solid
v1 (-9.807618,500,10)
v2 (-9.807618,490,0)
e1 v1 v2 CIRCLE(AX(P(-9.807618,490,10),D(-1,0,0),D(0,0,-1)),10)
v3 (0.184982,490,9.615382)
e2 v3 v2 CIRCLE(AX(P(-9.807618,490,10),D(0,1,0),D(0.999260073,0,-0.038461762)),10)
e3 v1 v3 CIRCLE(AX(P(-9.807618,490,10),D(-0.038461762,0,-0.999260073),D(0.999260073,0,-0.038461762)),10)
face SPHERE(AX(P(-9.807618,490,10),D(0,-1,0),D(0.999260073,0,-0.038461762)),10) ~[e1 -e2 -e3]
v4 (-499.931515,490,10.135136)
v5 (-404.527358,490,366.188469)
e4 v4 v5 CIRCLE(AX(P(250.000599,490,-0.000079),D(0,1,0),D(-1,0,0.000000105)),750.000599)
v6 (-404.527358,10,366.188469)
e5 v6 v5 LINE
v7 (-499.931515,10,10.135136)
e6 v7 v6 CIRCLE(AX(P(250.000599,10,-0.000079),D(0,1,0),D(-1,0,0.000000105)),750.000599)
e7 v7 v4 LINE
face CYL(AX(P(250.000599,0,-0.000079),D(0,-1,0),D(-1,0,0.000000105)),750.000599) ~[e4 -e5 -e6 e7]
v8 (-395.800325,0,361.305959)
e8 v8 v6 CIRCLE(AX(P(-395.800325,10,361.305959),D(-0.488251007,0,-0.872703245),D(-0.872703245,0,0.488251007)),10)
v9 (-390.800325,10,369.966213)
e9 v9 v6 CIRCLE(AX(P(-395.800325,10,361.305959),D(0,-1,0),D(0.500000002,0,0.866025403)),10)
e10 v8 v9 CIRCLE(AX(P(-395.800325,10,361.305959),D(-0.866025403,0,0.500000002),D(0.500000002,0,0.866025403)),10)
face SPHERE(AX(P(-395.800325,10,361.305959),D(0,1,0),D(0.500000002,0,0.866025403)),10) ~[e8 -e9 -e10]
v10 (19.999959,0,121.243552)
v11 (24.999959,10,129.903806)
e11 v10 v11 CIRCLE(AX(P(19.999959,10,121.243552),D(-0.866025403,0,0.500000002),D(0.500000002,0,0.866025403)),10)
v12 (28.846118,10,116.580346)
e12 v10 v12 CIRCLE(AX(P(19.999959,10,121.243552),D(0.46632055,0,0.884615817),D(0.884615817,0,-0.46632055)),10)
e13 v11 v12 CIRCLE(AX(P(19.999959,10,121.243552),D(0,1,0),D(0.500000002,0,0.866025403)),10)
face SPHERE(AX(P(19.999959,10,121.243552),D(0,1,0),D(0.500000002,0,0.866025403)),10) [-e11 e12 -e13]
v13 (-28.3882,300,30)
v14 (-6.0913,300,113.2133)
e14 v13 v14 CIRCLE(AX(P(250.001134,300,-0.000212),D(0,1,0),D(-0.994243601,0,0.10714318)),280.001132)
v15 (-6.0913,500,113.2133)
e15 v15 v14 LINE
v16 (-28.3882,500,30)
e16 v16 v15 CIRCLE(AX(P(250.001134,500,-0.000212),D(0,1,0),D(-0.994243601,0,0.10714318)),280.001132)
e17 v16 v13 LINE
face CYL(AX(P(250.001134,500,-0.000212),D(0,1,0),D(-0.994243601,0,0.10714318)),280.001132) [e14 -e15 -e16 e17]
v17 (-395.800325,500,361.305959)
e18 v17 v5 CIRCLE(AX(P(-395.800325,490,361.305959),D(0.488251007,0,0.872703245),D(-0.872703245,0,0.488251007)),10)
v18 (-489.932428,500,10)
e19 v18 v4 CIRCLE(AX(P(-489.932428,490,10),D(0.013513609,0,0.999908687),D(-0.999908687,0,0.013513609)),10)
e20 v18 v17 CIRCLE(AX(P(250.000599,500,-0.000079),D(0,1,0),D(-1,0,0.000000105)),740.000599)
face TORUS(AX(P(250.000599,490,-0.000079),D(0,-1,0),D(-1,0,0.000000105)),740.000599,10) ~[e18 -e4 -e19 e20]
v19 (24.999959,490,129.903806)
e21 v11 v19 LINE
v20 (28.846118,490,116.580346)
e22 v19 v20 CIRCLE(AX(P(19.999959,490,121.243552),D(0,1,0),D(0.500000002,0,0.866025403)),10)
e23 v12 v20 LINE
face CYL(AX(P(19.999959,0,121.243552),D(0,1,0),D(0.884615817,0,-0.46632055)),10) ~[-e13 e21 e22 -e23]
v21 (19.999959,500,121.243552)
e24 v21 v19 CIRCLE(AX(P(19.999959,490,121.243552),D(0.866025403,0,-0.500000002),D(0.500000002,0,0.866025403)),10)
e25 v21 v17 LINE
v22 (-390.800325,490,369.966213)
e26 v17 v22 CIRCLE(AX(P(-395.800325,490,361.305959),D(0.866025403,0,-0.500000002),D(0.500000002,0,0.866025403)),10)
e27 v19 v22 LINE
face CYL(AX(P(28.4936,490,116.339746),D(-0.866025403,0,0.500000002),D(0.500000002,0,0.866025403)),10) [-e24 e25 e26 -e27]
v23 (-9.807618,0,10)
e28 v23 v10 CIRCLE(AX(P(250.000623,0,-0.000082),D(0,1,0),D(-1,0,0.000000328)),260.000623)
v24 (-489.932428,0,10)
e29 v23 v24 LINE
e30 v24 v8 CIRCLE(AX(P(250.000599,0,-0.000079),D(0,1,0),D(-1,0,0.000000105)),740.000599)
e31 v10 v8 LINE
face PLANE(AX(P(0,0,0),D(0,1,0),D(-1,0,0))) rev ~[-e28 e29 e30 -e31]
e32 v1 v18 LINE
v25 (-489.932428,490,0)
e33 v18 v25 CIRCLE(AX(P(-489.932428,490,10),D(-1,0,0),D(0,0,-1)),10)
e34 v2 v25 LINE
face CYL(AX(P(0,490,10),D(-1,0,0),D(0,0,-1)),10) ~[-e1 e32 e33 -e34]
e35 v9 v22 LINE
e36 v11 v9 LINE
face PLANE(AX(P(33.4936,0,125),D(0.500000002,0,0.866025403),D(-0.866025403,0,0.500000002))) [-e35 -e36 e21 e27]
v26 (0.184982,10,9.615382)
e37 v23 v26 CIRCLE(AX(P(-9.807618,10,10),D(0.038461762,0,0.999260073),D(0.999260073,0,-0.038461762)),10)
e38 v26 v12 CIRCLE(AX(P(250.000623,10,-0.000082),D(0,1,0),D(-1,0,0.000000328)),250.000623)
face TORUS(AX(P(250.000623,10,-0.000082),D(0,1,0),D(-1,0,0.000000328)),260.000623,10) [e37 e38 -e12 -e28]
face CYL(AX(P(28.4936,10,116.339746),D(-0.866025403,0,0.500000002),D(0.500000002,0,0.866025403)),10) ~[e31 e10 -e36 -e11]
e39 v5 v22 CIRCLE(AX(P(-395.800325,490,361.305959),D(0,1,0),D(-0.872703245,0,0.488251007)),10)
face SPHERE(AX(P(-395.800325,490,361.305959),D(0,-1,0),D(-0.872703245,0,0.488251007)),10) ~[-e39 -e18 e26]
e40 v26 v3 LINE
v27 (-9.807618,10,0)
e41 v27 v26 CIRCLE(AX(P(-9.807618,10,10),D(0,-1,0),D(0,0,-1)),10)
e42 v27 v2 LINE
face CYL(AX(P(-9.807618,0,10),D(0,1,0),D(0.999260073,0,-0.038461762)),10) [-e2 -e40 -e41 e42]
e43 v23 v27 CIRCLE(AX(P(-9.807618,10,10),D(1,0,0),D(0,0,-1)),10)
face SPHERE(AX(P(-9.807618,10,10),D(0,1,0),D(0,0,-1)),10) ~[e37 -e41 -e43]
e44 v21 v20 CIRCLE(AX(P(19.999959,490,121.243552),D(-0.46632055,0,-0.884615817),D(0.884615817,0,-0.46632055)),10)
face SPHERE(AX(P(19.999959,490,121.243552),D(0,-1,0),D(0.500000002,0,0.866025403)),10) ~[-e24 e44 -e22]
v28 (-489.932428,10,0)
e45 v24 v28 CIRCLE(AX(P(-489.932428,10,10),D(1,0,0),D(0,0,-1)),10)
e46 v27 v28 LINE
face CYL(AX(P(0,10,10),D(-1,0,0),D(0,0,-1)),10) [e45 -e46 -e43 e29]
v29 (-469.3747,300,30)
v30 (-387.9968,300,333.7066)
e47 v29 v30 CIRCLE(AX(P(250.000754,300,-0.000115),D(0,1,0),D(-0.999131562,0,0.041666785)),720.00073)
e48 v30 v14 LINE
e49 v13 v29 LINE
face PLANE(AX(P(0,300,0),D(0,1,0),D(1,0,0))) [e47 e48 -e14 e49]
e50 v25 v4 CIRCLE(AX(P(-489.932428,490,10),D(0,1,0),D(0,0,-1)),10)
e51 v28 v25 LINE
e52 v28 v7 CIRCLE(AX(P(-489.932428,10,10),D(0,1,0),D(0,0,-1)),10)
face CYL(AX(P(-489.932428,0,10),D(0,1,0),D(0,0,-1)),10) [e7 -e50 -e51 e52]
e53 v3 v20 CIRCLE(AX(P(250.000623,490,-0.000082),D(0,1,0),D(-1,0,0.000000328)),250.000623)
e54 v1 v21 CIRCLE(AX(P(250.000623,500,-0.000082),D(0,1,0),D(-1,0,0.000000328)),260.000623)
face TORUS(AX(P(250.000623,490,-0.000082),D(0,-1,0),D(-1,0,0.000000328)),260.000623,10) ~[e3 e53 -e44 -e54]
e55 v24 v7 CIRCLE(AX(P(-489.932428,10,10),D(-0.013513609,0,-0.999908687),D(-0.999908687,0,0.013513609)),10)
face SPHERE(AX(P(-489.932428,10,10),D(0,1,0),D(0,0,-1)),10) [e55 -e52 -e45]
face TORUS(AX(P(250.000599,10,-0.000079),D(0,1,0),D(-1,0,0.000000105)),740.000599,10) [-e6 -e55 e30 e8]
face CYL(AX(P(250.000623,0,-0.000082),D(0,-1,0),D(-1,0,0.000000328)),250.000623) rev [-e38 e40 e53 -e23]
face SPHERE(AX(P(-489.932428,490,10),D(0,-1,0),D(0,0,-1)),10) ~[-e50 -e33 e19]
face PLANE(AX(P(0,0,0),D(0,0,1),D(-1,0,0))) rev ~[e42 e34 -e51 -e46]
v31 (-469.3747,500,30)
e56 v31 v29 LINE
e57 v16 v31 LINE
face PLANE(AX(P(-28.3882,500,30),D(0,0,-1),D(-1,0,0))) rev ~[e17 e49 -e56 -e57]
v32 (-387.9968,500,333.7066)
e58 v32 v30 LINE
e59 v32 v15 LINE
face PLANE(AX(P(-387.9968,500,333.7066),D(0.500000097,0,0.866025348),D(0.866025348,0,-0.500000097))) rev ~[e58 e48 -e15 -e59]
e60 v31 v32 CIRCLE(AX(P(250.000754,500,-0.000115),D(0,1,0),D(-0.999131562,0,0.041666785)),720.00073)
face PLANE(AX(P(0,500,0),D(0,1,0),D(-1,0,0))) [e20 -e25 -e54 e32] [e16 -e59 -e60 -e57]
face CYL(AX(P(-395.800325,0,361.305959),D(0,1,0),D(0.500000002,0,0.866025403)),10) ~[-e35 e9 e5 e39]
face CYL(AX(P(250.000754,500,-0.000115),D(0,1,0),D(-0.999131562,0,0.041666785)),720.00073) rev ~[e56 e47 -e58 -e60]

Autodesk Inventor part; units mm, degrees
ref_plane "YZ Plane" through (0, 0, 0) normal (1, 0, 0) x (0, 1, 0)
ref_plane "XZ Plane" through (0, 0, 0) normal (0, 1, 0) x (-1, 0, 0)
ref_plane "XY Plane" through (0, 0, 0) normal (0, 0, 1) x (1, 0, 0)
sketch "Sketch1" plane through (0, 0, 0) normal (0, 1, 0) x (-1, 0, 0)
  line L0 (0, 0) -> (500, 0)
  arc A0 (500, 0) -> (399.5191, 375) centre (-250, 0) ccw
  arc A1 (0, 0) -> (-33.4936, 125) centre (-250, 0) ccw
  line L1 (-33.4936, 125) -> (399.5191, 375)
  line L2 (-404.937, 0) -> (679.6218, 0) projected
  dimension "d1" = 500
  dimension "d2" = 30
  dimension "d10" = 250
extrude "Extrusion1" add sketch "Sketch1" along normal blind 500
sketch "Sketch2" plane through (0, 500, 0) normal (0, 1, 0) x (1, 0, 0)
  arc A0 (0, 0) -> (33.4936, -125) centre (250, 0) ccw projected
  line L0 (33.4936, -125) -> (-399.5191, -375) projected
  arc A1 (-500, 0) -> (-399.5191, -375) centre (250, 0) ccw projected
  line L1 (-500, 0) -> (0, 0) projected
  line L2 (-387.9968, -333.7066) -> (-6.0913, -113.2133)
  arc A2 (-28.3882, -30) -> (-6.0913, -113.2133) centre (250, 0) ccw
  line L3 (-28.3882, -30) -> (-469.3747, -30)
  arc A3 (-469.3747, -30) -> (-387.9968, -333.7066) centre (250, 0) ccw
  dimension "d5" = 30
extrude "Extrusion2" cut sketch "Sketch2" against normal blind 200 contours A3 L3 A2 L2
fillet "Fillet2" radius 10 12 edges at (-183.0127, 500, 250) (8.5185, 0, 64.7048) (0, 250, 0) (8.5185, 500, 64.7048) (33.4936, 250, 125) (-474.4444, 0, 194.1143) (-399.5191, 250, 375) (-474.4444, 500, 194.1143) (-500, 250, 0) (-250, 0, 0) (-250, 500, 0) (-183.0127, 0, 250)
properties part number "angular30" material "Concrete"
